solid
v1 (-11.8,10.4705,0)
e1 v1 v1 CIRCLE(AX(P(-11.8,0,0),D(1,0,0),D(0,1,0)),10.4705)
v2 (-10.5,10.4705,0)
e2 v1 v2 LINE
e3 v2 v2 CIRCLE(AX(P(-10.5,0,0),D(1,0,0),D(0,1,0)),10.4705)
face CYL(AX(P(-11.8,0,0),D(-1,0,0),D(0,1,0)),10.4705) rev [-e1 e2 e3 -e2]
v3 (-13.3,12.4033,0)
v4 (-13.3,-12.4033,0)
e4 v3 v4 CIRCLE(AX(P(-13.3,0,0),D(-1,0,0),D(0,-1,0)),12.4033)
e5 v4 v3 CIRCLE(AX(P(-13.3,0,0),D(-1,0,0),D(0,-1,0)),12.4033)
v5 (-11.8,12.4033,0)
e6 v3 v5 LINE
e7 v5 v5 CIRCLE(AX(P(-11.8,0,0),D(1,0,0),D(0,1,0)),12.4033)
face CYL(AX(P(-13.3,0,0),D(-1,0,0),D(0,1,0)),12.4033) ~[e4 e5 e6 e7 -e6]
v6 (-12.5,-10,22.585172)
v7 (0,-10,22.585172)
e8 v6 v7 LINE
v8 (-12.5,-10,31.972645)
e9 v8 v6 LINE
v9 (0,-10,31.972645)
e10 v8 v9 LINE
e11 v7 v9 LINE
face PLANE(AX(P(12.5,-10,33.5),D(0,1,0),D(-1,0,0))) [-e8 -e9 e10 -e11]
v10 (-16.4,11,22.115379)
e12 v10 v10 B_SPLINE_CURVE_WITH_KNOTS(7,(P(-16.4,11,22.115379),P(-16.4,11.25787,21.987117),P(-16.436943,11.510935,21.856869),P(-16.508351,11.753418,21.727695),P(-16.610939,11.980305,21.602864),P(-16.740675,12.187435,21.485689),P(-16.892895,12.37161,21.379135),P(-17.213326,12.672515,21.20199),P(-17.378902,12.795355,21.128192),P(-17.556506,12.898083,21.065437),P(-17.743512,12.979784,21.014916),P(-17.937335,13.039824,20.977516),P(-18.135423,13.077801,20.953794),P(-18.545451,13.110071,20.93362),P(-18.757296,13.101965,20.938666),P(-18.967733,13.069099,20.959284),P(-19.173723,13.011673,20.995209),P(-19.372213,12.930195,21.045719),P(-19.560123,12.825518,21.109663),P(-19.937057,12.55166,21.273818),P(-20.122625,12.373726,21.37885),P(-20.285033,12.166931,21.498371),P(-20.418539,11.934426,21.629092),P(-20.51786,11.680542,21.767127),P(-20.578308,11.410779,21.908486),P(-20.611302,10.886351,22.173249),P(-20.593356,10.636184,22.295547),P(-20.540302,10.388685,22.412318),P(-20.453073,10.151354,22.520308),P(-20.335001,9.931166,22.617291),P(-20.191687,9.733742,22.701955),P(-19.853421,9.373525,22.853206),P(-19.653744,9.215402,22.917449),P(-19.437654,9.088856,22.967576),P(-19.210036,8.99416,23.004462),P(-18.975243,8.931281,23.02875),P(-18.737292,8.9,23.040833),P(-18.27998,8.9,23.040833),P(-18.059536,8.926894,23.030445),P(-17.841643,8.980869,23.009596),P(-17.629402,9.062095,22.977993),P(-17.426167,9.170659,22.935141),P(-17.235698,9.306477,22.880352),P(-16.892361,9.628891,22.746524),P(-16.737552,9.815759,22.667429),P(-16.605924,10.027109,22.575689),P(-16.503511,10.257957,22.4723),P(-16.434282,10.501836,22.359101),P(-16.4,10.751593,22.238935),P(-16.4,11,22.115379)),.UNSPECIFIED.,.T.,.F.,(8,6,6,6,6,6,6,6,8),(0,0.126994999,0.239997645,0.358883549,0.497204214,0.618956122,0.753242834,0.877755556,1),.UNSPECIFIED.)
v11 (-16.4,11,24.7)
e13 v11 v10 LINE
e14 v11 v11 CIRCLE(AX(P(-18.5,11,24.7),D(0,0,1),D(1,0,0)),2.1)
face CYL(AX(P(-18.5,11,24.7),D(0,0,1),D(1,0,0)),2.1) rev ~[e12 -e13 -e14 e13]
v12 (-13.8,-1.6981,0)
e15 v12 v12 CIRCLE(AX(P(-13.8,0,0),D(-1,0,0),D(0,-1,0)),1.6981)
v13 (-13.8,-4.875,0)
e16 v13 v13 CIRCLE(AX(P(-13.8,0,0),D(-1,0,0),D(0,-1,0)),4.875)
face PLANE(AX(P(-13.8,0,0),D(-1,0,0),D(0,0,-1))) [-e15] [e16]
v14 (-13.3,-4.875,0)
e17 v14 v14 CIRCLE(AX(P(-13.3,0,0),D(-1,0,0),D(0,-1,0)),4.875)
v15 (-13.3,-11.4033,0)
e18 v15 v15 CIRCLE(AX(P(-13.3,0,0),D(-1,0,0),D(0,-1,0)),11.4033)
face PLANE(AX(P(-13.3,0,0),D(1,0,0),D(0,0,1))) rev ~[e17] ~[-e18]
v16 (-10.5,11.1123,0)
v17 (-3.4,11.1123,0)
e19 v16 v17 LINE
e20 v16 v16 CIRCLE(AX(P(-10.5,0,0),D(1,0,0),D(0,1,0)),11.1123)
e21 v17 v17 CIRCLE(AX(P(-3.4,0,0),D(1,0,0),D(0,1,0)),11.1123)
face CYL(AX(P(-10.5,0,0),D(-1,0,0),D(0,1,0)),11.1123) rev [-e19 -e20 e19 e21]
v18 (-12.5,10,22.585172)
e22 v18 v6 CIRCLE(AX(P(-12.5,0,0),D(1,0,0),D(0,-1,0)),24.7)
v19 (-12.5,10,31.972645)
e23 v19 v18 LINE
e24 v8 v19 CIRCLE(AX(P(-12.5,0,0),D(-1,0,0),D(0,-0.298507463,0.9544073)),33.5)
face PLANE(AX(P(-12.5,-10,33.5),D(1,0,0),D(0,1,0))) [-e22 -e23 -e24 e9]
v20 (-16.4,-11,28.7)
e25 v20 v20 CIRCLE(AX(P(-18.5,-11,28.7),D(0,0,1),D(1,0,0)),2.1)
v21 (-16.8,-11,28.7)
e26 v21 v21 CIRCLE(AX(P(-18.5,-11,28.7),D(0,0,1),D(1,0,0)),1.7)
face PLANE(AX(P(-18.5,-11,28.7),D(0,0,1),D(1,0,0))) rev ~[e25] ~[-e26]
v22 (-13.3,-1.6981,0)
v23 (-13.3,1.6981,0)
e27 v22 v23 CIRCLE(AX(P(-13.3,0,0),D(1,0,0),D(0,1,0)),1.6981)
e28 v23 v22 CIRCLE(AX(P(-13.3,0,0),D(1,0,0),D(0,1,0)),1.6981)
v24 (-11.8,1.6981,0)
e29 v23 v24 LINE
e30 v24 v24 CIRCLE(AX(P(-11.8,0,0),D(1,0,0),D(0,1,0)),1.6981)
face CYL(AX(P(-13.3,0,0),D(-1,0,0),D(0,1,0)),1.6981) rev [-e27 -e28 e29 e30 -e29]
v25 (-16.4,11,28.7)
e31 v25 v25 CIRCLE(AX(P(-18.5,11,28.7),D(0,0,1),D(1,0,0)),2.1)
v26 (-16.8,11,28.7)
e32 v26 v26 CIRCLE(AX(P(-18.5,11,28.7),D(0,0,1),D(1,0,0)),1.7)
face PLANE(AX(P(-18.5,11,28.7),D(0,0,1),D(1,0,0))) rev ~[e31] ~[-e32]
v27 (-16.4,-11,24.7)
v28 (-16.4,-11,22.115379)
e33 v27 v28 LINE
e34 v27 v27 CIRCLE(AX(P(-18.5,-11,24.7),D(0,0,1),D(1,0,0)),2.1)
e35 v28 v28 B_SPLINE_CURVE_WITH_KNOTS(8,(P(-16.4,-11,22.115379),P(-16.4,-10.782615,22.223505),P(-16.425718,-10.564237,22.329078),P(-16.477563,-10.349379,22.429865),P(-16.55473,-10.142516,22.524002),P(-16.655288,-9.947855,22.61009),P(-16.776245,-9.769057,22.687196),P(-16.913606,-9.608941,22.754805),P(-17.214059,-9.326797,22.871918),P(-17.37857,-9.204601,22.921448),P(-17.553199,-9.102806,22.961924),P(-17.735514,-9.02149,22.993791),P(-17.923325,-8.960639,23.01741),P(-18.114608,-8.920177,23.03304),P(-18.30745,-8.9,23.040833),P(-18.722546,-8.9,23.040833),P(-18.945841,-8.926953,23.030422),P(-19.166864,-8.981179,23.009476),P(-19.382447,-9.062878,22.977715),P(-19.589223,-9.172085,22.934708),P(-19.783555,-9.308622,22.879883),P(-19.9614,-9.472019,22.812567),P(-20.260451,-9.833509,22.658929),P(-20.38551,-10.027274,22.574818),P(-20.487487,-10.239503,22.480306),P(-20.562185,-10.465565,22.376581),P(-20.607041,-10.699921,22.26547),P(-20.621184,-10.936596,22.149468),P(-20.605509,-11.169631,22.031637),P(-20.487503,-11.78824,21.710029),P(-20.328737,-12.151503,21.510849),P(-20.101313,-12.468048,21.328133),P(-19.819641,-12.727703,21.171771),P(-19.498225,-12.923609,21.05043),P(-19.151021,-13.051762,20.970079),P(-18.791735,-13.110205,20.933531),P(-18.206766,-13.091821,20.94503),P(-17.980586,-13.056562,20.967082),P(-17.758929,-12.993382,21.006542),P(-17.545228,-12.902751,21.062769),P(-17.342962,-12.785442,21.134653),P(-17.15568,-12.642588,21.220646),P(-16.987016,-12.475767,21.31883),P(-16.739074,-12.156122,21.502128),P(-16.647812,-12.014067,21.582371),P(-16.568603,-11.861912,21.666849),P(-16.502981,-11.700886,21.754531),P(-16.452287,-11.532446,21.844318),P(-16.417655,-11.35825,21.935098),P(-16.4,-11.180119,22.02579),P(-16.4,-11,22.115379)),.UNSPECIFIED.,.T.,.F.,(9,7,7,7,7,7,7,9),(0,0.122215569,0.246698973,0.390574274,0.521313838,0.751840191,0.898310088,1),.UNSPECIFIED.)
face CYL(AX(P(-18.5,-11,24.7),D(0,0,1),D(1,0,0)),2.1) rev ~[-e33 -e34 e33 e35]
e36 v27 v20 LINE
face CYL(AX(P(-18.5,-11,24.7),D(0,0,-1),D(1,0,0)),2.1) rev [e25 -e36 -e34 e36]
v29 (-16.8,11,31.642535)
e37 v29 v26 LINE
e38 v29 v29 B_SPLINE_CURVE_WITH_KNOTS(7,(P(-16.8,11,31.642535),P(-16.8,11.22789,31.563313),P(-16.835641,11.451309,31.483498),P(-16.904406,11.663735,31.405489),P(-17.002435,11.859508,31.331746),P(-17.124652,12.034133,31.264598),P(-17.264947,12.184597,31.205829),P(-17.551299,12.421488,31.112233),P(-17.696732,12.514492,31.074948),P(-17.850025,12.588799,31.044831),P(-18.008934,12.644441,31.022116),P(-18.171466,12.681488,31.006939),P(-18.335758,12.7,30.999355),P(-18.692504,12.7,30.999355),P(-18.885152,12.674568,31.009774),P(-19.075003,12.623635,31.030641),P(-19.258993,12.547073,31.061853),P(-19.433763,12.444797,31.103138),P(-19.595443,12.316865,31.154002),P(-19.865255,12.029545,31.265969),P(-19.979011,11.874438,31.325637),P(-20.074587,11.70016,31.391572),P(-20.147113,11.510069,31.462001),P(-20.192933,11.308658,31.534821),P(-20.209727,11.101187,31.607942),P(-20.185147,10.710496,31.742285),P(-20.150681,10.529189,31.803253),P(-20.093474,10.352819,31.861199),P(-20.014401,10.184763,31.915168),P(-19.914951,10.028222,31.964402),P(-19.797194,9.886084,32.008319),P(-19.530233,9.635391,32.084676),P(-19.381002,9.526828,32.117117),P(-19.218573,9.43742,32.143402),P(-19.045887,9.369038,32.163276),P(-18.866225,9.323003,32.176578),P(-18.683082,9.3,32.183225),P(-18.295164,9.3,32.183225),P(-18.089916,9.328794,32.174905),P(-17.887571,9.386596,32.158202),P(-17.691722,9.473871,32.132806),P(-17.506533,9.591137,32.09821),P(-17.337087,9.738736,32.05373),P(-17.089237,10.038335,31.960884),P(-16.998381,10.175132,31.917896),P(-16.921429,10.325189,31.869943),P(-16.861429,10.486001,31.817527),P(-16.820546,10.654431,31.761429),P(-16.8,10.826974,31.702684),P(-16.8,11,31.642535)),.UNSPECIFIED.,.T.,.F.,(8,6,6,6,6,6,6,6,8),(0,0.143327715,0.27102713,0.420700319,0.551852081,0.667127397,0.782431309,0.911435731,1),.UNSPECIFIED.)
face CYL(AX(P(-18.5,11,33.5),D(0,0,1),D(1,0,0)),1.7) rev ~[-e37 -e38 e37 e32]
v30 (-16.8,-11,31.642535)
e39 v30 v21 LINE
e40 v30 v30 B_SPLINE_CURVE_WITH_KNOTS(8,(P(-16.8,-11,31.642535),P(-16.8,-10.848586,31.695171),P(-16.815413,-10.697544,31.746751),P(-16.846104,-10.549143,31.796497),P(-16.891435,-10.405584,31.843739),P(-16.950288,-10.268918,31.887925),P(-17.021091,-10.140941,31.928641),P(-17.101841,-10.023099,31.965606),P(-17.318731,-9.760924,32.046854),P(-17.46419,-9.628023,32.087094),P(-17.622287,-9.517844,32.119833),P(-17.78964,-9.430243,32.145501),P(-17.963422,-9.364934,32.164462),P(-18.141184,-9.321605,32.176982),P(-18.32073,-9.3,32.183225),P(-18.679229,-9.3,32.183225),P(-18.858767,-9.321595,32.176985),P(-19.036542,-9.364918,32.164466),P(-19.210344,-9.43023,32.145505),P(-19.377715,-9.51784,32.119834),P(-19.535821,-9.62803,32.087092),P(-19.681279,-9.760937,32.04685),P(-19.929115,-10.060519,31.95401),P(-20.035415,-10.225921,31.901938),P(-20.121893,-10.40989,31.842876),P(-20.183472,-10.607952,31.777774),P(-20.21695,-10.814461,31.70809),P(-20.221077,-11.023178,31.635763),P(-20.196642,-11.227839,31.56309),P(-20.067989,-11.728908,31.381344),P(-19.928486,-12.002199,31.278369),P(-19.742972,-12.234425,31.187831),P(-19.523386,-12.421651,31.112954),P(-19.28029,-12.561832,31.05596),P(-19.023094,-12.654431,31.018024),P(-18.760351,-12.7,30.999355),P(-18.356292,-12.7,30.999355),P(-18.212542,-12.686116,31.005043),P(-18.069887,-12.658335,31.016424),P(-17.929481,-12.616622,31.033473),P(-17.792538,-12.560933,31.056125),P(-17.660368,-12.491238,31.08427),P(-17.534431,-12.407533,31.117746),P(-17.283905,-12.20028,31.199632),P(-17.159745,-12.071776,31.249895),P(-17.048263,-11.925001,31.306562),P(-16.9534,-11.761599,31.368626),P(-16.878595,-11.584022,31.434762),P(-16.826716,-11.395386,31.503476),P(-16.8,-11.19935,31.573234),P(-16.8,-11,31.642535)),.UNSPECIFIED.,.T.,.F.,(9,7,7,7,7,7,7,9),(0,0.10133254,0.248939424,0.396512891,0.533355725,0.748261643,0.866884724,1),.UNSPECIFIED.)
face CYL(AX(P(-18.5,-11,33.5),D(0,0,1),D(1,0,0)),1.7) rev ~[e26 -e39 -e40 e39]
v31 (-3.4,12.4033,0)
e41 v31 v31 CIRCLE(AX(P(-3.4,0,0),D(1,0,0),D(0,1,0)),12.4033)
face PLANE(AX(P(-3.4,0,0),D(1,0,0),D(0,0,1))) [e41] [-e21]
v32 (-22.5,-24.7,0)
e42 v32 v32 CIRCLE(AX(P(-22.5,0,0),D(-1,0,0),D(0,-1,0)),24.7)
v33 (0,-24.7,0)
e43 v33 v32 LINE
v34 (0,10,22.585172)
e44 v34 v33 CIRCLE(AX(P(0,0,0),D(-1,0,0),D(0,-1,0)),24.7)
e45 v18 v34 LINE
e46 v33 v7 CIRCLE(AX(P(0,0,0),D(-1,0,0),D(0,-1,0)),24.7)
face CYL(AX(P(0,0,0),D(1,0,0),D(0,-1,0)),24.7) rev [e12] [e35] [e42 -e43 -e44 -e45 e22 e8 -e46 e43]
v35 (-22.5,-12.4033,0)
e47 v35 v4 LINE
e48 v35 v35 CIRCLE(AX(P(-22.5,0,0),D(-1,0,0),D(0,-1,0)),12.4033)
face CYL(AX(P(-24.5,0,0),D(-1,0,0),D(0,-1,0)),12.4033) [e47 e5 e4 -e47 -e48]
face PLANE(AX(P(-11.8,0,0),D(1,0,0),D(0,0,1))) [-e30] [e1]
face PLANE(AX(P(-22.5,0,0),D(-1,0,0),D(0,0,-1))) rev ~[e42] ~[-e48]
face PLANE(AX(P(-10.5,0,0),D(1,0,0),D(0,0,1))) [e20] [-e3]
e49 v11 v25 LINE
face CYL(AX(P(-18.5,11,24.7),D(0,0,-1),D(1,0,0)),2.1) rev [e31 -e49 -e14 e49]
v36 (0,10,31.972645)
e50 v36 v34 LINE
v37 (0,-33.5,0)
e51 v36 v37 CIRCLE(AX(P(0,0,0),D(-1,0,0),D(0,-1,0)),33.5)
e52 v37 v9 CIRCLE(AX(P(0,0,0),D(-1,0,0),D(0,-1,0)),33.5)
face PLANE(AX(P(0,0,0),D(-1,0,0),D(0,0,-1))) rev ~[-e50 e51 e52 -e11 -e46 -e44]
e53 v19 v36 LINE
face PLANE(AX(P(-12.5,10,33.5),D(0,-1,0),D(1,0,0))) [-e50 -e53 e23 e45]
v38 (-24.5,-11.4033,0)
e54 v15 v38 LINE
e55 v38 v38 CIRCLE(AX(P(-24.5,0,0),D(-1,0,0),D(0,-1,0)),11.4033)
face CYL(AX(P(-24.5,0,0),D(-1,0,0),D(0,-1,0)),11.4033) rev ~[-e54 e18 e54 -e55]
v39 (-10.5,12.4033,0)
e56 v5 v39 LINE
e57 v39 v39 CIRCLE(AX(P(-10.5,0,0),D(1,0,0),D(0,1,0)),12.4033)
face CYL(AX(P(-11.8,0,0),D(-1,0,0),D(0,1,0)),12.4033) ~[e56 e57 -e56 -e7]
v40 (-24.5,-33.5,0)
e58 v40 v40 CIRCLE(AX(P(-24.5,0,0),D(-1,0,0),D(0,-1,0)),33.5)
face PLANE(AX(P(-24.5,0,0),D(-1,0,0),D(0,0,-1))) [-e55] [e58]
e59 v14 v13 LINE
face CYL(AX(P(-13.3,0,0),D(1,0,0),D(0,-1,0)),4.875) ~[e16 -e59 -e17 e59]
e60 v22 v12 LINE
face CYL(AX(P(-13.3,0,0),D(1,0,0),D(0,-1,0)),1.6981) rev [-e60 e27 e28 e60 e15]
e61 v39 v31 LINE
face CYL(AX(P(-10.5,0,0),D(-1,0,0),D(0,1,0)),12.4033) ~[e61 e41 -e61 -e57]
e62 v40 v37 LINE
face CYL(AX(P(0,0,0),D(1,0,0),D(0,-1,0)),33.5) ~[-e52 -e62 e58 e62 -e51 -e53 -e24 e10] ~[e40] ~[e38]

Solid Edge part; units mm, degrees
sketch "Sketch1" plane through (0, 0, 0) normal (-1, 0, 0) x (0, -1, 0)
  circle A0 centre (0, 0) radius 24.7
  circle A1 centre (0, 0) radius 33.5
extrude "Protrusion1" add sketch "Sketch1" along normal blind 22.5
sketch "Sketch2" plane through (-22.5, 0, 0) normal (-1, 0, 0) x (0, -1, 0)
  circle A0 centre (0, 0) radius 33.5
extrude "Protrusion2" add sketch "Sketch2" along normal blind 2
sketch "Sketch3" plane through (-24.5, 0, 0) normal (-1, 0, 0) x (0, -1, 0)
  circle A0 centre (0, 0) radius 11.4033
extrude "Cutout1" cut sketch "Sketch3" against normal up to next
sketch "Sketch4" plane through (-24.5, 0, 0) normal (-1, 0, 0) x (0, -1, 0)
  circle A0 centre (0, 0) radius 11.4033
  circle A1 centre (0, 0) radius 12.4033
extrude "Protrusion3" add sketch "Sketch4" against normal blind 11.2
sketch "Sketch5" plane through (-13.3, 0, 0) normal (1, 0, 0) x (0, 1, 0)
  circle A0 centre (0, 0) radius 1.6981
  circle A1 centre (0, 0) radius 12.4033
extrude "Protrusion4" add sketch "Sketch5" along normal blind 1.5
sketch "Sketch6" plane through (-13.3, 0, 0) normal (-1, 0, 0) x (0, -1, 0)
  circle A0 centre (0, 0) radius 1.6981
  circle A1 centre (0, 0) radius 4.875
extrude "Protrusion5" add sketch "Sketch6" along normal blind 0.5
sketch "Sketch7" plane through (-11.8, 0, 0) normal (1, 0, 0) x (0, 1, 0)
  circle A0 centre (0, 0) radius 12.4033
  circle A1 centre (0, 0) radius 10.4705
extrude "J3_Axle_BearingShoulder" add sketch "Sketch7" along normal blind 1.3
sketch "Sketch8" plane through (-10.5, 0, 0) normal (1, 0, 0) x (0, 1, 0)
  circle A0 centre (0, 0) radius 12.4033
  circle A1 centre (0, 0) radius 11.1123
extrude "J3_axle_BeaingHousing" add sketch "Sketch8" along normal blind 7.1
sketch "Sketch9" plane through (-12.25, 0, 33.5) normal (0, 0, 1) x (1, 0, 0)
  line L0 (24.75, -10) -> (-0.25, -10)
  line L1 (-0.25, -10) -> (-0.25, 10)
  line L2 (-0.25, 10) -> (24.75, 10)
  line L3 (24.75, 10) -> (24.75, -10)
extrude "Cutout2" cut sketch "Sketch9" against normal up to next
sketch "Sketch10" plane through (-11.25, 0, 24.7) normal (0, 0, 1) x (1, 0, 0)
  circle A0 centre (-7.25, 11) radius 2.1
  circle A1 centre (-7.25, -11) radius 2.1
extrude "UpperArmScrewHeadCutout" cut sketch "Sketch10" along normal mid plane 8
sketch "Sketch11" plane through (-12.25, 0, 33.5) normal (0, 0, 1) x (1, 0, 0)
  circle A0 centre (-6.25, 11) radius 1.7
  circle A1 centre (-6.25, -11) radius 1.7
extrude "UpperArmScrewCutout" cut sketch "Sketch11" against normal blind 12.8
